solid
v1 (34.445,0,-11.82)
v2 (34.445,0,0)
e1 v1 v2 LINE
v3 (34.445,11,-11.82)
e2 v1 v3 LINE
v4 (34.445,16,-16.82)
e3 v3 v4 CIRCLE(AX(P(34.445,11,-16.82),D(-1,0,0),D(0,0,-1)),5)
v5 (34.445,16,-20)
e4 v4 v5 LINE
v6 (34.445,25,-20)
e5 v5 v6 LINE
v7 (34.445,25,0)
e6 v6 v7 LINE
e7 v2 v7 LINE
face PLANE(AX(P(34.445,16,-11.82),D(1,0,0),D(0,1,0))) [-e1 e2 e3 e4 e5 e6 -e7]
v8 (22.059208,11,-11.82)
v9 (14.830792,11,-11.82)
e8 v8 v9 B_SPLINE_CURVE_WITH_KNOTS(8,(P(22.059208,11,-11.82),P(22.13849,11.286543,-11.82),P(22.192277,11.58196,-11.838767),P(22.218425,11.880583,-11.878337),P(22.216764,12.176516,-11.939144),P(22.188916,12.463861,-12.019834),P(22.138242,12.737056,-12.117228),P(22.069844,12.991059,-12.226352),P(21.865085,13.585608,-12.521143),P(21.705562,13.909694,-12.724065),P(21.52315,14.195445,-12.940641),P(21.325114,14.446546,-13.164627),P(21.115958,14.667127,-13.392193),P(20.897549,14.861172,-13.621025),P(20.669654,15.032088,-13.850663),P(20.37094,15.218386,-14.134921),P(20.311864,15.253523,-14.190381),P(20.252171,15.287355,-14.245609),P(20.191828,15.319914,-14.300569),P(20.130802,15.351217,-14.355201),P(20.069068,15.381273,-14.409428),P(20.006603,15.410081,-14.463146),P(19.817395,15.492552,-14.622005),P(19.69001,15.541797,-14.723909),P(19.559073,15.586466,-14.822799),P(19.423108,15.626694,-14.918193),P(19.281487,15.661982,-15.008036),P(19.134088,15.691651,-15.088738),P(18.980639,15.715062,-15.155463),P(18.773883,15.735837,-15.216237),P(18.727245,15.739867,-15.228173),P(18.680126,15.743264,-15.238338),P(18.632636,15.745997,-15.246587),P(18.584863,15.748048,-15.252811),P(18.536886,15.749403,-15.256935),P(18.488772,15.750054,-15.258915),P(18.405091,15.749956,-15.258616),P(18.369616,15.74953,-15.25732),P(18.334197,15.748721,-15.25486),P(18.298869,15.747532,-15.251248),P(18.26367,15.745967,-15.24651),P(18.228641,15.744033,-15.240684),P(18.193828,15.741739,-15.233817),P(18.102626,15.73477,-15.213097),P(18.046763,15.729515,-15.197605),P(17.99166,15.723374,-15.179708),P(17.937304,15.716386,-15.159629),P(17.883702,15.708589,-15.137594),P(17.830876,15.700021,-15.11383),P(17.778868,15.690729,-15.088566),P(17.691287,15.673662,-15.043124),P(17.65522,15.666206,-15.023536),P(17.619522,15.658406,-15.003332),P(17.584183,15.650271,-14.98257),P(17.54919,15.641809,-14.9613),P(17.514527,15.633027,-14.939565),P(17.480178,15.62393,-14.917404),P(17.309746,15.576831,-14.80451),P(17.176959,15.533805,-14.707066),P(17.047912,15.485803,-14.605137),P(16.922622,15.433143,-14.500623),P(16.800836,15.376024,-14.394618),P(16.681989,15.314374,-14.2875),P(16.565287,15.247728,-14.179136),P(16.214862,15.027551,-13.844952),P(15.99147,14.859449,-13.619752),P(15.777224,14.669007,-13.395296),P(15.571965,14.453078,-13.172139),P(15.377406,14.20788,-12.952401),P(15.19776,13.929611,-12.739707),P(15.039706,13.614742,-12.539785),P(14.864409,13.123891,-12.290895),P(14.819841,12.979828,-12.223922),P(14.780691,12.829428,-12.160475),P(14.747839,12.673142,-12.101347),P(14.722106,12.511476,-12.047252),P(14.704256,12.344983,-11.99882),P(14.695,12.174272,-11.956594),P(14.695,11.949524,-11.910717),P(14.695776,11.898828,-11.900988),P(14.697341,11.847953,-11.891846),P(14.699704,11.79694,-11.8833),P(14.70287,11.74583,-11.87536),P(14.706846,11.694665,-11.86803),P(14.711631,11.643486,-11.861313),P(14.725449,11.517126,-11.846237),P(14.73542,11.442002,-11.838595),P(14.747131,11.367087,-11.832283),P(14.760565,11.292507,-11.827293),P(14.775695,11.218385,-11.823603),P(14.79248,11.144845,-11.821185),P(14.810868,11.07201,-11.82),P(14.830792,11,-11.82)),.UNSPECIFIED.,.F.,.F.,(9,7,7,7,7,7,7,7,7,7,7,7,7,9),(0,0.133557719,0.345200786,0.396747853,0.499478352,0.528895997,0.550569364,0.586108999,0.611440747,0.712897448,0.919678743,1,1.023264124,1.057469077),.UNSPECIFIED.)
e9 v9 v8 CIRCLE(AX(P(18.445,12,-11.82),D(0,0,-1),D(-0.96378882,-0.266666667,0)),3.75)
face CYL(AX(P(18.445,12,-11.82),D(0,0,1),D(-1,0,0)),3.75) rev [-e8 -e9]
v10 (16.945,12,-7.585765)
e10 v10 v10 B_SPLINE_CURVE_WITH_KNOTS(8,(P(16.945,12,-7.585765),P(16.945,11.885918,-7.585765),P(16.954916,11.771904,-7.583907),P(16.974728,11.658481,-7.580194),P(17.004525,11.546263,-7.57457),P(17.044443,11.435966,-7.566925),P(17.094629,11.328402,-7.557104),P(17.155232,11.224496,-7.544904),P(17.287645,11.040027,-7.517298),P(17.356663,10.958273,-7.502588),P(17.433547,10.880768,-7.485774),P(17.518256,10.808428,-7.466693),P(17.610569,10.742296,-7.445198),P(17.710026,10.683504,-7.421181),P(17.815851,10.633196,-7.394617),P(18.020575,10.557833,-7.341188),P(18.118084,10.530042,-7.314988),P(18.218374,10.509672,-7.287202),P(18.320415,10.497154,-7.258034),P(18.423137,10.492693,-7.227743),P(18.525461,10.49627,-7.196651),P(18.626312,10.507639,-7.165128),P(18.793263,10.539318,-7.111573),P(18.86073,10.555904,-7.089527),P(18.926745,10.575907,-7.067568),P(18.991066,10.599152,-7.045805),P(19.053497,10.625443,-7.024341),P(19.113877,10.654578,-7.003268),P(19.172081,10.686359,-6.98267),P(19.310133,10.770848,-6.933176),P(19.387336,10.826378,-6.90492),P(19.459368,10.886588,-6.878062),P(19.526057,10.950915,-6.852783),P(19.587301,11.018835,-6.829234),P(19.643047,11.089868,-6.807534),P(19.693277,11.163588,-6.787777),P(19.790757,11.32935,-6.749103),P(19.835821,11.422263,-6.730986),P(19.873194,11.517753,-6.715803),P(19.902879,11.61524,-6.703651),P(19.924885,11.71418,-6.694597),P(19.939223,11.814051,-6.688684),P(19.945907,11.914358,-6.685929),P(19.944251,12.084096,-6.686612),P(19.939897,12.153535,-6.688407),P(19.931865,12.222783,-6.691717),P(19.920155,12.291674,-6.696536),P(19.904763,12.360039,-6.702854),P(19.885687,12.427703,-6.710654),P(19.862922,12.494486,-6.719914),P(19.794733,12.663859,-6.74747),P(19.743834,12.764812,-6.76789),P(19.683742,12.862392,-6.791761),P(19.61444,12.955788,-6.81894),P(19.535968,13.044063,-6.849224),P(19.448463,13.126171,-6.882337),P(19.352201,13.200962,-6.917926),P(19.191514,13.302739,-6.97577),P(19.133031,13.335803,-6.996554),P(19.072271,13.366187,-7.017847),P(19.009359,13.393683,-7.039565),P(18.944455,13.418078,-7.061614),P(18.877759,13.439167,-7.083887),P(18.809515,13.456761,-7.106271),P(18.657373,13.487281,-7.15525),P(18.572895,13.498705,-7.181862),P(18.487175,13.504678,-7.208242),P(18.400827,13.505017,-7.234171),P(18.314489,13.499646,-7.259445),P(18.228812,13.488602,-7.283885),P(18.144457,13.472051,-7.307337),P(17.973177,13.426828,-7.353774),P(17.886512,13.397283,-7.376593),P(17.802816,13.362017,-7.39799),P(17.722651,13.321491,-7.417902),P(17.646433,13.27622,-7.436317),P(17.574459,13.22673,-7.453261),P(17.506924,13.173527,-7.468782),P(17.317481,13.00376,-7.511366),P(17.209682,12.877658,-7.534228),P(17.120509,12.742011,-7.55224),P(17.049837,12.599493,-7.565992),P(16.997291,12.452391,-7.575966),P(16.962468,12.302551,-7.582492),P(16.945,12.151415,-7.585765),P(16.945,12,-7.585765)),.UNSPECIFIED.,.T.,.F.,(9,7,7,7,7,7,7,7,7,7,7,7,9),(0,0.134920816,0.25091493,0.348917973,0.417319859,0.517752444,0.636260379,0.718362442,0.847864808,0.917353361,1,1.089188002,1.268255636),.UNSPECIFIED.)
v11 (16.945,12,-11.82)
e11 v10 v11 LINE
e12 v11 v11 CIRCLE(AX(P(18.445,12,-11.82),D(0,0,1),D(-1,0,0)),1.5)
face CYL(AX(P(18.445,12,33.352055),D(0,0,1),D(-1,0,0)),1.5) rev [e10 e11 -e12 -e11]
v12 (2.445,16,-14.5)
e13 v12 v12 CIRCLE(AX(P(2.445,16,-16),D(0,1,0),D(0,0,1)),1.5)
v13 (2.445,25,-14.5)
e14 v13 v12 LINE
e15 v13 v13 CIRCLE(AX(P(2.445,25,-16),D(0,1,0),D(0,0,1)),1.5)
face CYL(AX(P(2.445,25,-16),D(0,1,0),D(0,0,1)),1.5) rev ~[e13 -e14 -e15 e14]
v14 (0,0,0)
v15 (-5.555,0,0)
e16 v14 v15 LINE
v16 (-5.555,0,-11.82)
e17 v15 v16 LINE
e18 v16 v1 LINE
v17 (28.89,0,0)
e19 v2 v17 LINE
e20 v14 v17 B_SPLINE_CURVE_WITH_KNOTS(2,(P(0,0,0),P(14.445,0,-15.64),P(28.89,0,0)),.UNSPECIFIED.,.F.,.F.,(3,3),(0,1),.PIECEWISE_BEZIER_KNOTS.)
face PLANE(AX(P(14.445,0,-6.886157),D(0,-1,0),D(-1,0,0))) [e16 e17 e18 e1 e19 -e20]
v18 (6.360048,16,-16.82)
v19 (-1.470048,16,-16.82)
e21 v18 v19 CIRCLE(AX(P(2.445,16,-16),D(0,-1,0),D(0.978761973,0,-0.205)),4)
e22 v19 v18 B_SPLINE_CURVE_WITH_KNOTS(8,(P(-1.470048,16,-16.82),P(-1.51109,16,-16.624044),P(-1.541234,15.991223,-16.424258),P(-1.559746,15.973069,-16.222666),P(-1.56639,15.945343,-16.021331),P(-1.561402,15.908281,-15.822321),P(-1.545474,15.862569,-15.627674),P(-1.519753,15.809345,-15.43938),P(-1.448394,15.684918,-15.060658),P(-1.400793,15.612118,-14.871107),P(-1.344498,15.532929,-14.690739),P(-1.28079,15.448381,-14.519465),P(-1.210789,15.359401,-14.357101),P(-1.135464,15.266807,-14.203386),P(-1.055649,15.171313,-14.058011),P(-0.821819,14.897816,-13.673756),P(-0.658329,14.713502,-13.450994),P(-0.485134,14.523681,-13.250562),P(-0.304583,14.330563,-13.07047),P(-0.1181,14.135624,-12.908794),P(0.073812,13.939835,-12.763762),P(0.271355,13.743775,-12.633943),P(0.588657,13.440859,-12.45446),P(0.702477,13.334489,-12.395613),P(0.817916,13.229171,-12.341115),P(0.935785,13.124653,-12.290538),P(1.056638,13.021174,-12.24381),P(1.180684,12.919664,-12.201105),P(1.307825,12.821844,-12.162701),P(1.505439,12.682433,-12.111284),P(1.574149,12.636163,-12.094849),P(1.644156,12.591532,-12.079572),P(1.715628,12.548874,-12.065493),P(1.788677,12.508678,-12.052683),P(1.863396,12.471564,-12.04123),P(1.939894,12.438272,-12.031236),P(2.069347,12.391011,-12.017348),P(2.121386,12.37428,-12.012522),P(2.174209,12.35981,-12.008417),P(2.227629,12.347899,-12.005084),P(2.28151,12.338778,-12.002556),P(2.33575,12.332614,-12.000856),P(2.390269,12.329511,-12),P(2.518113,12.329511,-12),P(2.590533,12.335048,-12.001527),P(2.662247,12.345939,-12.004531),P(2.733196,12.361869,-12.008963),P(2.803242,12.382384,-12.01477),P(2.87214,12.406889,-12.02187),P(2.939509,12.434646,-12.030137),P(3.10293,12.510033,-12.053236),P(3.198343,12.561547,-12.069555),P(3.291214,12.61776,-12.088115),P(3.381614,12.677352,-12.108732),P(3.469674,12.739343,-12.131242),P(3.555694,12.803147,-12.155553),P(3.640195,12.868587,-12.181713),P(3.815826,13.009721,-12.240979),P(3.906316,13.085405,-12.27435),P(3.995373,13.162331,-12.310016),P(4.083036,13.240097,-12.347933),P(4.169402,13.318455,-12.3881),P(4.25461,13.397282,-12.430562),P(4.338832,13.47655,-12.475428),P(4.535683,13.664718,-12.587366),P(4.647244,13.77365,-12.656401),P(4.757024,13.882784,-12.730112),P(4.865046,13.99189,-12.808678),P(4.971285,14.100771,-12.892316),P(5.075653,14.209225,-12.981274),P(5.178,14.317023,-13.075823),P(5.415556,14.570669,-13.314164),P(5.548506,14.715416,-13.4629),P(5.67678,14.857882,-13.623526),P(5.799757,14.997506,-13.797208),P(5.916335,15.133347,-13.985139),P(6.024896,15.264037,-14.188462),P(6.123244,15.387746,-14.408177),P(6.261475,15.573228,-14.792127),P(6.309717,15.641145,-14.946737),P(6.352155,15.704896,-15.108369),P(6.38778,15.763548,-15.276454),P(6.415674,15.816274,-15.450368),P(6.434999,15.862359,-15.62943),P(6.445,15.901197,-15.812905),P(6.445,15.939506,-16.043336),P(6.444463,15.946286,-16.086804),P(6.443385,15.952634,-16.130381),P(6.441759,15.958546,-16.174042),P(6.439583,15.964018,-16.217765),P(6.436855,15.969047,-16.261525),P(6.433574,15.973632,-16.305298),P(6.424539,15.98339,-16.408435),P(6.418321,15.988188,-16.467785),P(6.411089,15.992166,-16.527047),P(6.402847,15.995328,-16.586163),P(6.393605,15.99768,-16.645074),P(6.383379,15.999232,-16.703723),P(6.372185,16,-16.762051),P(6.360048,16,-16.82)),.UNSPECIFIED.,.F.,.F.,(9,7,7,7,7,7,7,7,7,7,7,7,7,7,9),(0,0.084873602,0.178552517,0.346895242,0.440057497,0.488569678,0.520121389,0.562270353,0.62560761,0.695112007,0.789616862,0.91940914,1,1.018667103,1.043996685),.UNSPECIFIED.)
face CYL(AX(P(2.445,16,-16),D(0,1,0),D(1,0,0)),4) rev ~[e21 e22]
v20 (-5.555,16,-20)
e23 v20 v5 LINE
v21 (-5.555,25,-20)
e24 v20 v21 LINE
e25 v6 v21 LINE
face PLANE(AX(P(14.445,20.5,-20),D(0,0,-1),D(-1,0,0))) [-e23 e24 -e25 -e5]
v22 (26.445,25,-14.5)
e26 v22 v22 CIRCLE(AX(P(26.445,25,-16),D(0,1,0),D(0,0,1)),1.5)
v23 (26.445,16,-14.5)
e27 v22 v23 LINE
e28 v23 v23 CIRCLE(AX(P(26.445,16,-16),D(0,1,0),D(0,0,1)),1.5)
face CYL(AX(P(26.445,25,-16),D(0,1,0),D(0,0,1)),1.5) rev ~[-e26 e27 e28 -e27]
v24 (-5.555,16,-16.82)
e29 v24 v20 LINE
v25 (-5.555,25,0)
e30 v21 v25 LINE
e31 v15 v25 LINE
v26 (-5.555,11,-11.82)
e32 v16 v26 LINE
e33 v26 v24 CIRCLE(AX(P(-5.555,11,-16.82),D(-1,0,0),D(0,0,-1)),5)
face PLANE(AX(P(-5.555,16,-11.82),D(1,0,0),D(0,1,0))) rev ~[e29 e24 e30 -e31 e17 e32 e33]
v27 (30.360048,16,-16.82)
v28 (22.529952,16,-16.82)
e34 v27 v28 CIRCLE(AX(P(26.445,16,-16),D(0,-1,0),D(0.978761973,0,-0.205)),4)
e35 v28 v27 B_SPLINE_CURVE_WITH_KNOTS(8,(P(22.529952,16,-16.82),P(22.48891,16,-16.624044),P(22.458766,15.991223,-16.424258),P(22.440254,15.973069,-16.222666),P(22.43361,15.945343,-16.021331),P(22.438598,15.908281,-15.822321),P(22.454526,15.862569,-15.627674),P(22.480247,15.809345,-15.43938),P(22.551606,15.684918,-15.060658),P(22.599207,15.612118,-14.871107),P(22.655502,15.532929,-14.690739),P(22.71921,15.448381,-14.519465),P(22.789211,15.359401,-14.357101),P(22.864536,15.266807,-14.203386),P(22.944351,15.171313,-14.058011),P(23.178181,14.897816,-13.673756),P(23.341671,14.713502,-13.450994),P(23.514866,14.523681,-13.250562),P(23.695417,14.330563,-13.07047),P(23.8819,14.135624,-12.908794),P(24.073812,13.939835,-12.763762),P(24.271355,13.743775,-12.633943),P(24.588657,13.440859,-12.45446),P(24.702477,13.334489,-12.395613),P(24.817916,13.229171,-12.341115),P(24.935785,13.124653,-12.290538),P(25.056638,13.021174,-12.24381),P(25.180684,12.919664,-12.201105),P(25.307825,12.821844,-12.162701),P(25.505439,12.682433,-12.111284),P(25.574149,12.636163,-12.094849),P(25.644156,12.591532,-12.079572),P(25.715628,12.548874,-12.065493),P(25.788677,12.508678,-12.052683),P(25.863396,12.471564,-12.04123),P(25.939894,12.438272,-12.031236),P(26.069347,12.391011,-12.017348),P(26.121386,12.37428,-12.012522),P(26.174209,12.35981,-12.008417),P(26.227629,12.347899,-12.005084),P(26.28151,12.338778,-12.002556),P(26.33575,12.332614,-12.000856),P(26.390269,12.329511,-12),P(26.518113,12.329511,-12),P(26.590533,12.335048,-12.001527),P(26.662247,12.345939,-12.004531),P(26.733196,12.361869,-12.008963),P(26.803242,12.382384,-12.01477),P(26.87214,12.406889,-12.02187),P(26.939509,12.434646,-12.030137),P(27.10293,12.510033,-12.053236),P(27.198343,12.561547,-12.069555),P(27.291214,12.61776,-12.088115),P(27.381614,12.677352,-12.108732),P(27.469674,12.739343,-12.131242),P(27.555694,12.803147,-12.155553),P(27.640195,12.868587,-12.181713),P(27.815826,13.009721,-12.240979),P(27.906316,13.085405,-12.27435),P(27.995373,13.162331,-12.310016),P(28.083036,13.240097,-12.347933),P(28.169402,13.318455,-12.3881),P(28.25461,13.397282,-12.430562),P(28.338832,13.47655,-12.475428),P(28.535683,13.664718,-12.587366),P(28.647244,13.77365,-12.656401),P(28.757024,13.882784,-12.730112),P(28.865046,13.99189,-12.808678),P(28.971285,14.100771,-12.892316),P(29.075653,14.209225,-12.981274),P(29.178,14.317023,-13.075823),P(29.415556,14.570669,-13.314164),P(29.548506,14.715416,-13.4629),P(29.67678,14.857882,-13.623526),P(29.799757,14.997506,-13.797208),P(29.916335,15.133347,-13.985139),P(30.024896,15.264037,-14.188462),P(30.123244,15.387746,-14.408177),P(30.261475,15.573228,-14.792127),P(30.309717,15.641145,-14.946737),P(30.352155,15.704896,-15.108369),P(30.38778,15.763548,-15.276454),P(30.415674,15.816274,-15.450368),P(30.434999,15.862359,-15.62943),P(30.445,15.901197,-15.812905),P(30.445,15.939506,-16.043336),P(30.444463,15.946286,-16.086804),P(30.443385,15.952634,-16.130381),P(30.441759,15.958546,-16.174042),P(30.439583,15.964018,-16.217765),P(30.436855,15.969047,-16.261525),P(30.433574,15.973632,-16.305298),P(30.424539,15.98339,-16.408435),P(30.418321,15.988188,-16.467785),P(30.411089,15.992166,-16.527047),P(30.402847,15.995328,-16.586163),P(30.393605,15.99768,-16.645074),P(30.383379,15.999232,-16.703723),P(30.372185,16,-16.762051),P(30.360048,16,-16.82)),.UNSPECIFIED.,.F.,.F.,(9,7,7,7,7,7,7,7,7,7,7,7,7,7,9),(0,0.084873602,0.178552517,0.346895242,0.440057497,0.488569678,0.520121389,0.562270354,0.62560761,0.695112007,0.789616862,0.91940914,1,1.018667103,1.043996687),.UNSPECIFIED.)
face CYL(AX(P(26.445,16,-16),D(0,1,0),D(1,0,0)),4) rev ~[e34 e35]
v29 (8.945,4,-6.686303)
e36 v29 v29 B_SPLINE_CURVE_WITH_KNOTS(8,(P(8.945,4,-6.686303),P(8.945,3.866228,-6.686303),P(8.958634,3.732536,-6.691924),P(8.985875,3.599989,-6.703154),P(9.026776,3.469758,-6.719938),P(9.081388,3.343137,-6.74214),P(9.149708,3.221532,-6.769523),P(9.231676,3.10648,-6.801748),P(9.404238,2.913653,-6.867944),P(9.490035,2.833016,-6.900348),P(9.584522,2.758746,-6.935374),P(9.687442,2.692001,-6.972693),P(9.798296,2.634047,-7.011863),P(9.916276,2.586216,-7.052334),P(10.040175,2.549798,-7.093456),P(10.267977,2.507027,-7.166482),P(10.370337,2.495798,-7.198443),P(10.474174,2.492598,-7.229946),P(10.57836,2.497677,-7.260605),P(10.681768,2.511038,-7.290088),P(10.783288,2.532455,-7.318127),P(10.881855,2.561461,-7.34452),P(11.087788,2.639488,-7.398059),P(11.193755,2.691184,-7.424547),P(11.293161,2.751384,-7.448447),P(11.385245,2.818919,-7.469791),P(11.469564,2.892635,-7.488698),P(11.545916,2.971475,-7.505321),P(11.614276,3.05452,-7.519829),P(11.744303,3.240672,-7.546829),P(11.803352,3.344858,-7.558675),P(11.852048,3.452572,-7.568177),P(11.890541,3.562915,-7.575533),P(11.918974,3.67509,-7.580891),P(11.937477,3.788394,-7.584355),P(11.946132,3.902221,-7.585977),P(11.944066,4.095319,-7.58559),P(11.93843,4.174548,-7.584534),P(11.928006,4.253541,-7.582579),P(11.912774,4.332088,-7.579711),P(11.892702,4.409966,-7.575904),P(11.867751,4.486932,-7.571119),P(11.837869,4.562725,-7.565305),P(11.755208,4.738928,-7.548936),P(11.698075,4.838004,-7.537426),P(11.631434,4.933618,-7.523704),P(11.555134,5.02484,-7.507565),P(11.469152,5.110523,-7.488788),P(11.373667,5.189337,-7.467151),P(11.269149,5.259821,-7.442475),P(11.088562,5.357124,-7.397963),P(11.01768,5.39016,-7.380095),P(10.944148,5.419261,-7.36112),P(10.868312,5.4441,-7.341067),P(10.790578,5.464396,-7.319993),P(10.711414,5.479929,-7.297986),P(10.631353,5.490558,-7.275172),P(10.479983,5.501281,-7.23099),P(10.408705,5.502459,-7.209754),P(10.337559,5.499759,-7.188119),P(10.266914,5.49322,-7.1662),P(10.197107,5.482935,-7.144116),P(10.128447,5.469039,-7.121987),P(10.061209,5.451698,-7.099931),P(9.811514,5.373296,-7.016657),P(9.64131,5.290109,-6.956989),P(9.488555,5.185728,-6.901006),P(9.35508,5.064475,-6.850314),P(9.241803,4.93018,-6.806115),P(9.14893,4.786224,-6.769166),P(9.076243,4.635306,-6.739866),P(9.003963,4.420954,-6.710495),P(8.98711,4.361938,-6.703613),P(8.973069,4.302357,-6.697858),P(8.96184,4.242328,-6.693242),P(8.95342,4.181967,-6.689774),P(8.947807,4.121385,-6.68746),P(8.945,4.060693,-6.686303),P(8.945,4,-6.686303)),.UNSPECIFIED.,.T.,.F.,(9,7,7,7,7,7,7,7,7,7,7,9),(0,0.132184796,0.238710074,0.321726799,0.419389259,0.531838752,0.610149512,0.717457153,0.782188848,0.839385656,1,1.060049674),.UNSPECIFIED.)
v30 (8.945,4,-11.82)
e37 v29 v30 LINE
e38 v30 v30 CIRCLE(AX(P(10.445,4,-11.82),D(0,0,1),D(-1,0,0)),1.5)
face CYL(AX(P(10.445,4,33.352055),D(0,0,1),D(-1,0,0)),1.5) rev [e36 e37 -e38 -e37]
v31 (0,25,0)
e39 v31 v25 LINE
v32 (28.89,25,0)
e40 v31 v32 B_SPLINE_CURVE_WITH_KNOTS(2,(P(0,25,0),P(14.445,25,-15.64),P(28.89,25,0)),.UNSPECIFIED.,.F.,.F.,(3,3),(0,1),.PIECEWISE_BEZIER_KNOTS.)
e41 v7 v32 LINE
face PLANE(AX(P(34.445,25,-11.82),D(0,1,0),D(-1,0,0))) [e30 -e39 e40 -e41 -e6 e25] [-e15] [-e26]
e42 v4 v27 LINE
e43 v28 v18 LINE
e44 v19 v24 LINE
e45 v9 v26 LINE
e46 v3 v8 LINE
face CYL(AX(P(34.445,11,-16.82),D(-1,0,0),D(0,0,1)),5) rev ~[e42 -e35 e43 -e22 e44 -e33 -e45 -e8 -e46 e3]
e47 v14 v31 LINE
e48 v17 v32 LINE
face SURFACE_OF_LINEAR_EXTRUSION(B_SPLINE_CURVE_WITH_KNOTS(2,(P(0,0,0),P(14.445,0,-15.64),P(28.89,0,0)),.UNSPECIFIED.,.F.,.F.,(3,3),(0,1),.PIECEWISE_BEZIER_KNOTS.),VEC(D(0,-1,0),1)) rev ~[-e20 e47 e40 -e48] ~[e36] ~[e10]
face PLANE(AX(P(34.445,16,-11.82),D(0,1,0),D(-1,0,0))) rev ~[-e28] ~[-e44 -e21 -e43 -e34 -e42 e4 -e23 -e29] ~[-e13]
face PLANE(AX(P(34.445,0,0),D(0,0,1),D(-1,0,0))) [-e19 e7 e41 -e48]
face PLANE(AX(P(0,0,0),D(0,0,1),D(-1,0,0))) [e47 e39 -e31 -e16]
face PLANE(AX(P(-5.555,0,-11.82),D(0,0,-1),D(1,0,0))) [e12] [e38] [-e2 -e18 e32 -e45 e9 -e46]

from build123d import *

# Parameters (mm, degrees)
BOSS_EXTRUDE1_DEPTH     = 25
SKETCH2_W               = 40
SKETCH2_H               = 9
BOSS_EXTRUDE2_DEPTH     = 8.18
FILLET1_R               = 5
CUT_EXTRUDE1_DEPTH      = 45.172054958
CUT_EXTRUDE1_DEPTH_BACK = 45.172054958
SKETCH3_R               = 1.5
SKETCH3_3_R             = 3.75
CUT_EXTRUDE2_DEPTH      = 45.172054958
SKETCH4_R               = 1.5
CUT_EXTRUDE3_DEPTH      = 48.026142101
CUT_EXTRUDE9_START      = -9
SKETCH4_4_R             = 4
CUT_EXTRUDE9_DEPTH      = 39.026142101


with BuildPart() as part:
    # Sketch1 → Boss-Extrude1 (new body)
    with BuildSketch(Plane(origin=(0, 0, 0), x_dir=(1, 0, 0), z_dir=(0, 1, 0))):
        with BuildLine():
            Line((0, 0), (-5.555, 0))
            Line((-5.555, 0), (-5.555, 11.82))
            Line((-5.555, 11.82), (15.89, 11.82))
            Line((15.89, 11.82), (34.445, 11.82))
            Line((34.445, 11.82), (34.445, 0))
            Line((34.445, 0), (28.89, 0))
            add(Edge.make_bspline(
                [(0, 0), (14.445, 15.64), (28.89, 0)],
                knots=[0, 0, 0, 1, 1, 1], degree=2))
        make_face()
    extrude(amount=BOSS_EXTRUDE1_DEPTH)

    # Sketch2 → Boss-Extrude2 (add)
    with BuildSketch(Plane(origin=(0, 0, -11.82), x_dir=(-1, 0, 0), z_dir=(0, 0, -1))):
        with Locations((-14.445, 20.5)):
            Rectangle(SKETCH2_W, SKETCH2_H)
    extrude(amount=BOSS_EXTRUDE2_DEPTH)

    # Fillet1
    fillet1_edges = [part.edges().sort_by_distance(p)[0] for p in [
        (14.445, 16, -11.82),
    ]]
    fillet(fillet1_edges, radius=FILLET1_R)

    # Sketch3 → Cut-Extrude1 (cut, two sides: drawn at the far end of the back side and taken through both)
    with BuildSketch(Plane(origin=(0, 0, -11.82), x_dir=(-1, 0, 0), z_dir=(0, 0, -1)).offset(-CUT_EXTRUDE1_DEPTH_BACK)):
        with Locations((-10.445, 4)):
            Circle(SKETCH3_R)
        with Locations((-18.445, 12)):
            Circle(SKETCH3_R)
    extrude(amount=CUT_EXTRUDE1_DEPTH + CUT_EXTRUDE1_DEPTH_BACK, mode=Mode.SUBTRACT)

    # Sketch3<3> → Cut-Extrude2 (cut, through all)
    with BuildSketch(Plane(origin=(0, 0, -11.82), x_dir=(-1, 0, 0), z_dir=(0, 0, -1))):
        with Locations((-18.445, 12)):
            Circle(SKETCH3_3_R)
    extrude(amount=CUT_EXTRUDE2_DEPTH, mode=Mode.SUBTRACT)

    # Sketch4 → Cut-Extrude3 (cut, through all)
    with BuildSketch(Plane(origin=(0, 25, 0), x_dir=(1, 0, 0), z_dir=(0, 1, 0))):
        with Locations(Location((26.445, 16, 0), (0, 0, 270))):
            Circle(SKETCH4_R)
        with Locations(Location((2.445, 16, 0), (0, 0, 270))):
            Circle(SKETCH4_R)
    extrude(amount=-CUT_EXTRUDE3_DEPTH, mode=Mode.SUBTRACT)

    # Sketch4<4> → Cut-Extrude9 (cut, through all)
    with BuildSketch(Plane(origin=(0, 25, 0), x_dir=(1, 0, 0), z_dir=(0, 1, 0)).offset(CUT_EXTRUDE9_START)):
        with Locations((26.445, 16)):
            Circle(SKETCH4_4_R)
        with Locations((2.445, 16)):
            Circle(SKETCH4_4_R)
    extrude(amount=-CUT_EXTRUDE9_DEPTH, mode=Mode.SUBTRACT)


solid = part.part
